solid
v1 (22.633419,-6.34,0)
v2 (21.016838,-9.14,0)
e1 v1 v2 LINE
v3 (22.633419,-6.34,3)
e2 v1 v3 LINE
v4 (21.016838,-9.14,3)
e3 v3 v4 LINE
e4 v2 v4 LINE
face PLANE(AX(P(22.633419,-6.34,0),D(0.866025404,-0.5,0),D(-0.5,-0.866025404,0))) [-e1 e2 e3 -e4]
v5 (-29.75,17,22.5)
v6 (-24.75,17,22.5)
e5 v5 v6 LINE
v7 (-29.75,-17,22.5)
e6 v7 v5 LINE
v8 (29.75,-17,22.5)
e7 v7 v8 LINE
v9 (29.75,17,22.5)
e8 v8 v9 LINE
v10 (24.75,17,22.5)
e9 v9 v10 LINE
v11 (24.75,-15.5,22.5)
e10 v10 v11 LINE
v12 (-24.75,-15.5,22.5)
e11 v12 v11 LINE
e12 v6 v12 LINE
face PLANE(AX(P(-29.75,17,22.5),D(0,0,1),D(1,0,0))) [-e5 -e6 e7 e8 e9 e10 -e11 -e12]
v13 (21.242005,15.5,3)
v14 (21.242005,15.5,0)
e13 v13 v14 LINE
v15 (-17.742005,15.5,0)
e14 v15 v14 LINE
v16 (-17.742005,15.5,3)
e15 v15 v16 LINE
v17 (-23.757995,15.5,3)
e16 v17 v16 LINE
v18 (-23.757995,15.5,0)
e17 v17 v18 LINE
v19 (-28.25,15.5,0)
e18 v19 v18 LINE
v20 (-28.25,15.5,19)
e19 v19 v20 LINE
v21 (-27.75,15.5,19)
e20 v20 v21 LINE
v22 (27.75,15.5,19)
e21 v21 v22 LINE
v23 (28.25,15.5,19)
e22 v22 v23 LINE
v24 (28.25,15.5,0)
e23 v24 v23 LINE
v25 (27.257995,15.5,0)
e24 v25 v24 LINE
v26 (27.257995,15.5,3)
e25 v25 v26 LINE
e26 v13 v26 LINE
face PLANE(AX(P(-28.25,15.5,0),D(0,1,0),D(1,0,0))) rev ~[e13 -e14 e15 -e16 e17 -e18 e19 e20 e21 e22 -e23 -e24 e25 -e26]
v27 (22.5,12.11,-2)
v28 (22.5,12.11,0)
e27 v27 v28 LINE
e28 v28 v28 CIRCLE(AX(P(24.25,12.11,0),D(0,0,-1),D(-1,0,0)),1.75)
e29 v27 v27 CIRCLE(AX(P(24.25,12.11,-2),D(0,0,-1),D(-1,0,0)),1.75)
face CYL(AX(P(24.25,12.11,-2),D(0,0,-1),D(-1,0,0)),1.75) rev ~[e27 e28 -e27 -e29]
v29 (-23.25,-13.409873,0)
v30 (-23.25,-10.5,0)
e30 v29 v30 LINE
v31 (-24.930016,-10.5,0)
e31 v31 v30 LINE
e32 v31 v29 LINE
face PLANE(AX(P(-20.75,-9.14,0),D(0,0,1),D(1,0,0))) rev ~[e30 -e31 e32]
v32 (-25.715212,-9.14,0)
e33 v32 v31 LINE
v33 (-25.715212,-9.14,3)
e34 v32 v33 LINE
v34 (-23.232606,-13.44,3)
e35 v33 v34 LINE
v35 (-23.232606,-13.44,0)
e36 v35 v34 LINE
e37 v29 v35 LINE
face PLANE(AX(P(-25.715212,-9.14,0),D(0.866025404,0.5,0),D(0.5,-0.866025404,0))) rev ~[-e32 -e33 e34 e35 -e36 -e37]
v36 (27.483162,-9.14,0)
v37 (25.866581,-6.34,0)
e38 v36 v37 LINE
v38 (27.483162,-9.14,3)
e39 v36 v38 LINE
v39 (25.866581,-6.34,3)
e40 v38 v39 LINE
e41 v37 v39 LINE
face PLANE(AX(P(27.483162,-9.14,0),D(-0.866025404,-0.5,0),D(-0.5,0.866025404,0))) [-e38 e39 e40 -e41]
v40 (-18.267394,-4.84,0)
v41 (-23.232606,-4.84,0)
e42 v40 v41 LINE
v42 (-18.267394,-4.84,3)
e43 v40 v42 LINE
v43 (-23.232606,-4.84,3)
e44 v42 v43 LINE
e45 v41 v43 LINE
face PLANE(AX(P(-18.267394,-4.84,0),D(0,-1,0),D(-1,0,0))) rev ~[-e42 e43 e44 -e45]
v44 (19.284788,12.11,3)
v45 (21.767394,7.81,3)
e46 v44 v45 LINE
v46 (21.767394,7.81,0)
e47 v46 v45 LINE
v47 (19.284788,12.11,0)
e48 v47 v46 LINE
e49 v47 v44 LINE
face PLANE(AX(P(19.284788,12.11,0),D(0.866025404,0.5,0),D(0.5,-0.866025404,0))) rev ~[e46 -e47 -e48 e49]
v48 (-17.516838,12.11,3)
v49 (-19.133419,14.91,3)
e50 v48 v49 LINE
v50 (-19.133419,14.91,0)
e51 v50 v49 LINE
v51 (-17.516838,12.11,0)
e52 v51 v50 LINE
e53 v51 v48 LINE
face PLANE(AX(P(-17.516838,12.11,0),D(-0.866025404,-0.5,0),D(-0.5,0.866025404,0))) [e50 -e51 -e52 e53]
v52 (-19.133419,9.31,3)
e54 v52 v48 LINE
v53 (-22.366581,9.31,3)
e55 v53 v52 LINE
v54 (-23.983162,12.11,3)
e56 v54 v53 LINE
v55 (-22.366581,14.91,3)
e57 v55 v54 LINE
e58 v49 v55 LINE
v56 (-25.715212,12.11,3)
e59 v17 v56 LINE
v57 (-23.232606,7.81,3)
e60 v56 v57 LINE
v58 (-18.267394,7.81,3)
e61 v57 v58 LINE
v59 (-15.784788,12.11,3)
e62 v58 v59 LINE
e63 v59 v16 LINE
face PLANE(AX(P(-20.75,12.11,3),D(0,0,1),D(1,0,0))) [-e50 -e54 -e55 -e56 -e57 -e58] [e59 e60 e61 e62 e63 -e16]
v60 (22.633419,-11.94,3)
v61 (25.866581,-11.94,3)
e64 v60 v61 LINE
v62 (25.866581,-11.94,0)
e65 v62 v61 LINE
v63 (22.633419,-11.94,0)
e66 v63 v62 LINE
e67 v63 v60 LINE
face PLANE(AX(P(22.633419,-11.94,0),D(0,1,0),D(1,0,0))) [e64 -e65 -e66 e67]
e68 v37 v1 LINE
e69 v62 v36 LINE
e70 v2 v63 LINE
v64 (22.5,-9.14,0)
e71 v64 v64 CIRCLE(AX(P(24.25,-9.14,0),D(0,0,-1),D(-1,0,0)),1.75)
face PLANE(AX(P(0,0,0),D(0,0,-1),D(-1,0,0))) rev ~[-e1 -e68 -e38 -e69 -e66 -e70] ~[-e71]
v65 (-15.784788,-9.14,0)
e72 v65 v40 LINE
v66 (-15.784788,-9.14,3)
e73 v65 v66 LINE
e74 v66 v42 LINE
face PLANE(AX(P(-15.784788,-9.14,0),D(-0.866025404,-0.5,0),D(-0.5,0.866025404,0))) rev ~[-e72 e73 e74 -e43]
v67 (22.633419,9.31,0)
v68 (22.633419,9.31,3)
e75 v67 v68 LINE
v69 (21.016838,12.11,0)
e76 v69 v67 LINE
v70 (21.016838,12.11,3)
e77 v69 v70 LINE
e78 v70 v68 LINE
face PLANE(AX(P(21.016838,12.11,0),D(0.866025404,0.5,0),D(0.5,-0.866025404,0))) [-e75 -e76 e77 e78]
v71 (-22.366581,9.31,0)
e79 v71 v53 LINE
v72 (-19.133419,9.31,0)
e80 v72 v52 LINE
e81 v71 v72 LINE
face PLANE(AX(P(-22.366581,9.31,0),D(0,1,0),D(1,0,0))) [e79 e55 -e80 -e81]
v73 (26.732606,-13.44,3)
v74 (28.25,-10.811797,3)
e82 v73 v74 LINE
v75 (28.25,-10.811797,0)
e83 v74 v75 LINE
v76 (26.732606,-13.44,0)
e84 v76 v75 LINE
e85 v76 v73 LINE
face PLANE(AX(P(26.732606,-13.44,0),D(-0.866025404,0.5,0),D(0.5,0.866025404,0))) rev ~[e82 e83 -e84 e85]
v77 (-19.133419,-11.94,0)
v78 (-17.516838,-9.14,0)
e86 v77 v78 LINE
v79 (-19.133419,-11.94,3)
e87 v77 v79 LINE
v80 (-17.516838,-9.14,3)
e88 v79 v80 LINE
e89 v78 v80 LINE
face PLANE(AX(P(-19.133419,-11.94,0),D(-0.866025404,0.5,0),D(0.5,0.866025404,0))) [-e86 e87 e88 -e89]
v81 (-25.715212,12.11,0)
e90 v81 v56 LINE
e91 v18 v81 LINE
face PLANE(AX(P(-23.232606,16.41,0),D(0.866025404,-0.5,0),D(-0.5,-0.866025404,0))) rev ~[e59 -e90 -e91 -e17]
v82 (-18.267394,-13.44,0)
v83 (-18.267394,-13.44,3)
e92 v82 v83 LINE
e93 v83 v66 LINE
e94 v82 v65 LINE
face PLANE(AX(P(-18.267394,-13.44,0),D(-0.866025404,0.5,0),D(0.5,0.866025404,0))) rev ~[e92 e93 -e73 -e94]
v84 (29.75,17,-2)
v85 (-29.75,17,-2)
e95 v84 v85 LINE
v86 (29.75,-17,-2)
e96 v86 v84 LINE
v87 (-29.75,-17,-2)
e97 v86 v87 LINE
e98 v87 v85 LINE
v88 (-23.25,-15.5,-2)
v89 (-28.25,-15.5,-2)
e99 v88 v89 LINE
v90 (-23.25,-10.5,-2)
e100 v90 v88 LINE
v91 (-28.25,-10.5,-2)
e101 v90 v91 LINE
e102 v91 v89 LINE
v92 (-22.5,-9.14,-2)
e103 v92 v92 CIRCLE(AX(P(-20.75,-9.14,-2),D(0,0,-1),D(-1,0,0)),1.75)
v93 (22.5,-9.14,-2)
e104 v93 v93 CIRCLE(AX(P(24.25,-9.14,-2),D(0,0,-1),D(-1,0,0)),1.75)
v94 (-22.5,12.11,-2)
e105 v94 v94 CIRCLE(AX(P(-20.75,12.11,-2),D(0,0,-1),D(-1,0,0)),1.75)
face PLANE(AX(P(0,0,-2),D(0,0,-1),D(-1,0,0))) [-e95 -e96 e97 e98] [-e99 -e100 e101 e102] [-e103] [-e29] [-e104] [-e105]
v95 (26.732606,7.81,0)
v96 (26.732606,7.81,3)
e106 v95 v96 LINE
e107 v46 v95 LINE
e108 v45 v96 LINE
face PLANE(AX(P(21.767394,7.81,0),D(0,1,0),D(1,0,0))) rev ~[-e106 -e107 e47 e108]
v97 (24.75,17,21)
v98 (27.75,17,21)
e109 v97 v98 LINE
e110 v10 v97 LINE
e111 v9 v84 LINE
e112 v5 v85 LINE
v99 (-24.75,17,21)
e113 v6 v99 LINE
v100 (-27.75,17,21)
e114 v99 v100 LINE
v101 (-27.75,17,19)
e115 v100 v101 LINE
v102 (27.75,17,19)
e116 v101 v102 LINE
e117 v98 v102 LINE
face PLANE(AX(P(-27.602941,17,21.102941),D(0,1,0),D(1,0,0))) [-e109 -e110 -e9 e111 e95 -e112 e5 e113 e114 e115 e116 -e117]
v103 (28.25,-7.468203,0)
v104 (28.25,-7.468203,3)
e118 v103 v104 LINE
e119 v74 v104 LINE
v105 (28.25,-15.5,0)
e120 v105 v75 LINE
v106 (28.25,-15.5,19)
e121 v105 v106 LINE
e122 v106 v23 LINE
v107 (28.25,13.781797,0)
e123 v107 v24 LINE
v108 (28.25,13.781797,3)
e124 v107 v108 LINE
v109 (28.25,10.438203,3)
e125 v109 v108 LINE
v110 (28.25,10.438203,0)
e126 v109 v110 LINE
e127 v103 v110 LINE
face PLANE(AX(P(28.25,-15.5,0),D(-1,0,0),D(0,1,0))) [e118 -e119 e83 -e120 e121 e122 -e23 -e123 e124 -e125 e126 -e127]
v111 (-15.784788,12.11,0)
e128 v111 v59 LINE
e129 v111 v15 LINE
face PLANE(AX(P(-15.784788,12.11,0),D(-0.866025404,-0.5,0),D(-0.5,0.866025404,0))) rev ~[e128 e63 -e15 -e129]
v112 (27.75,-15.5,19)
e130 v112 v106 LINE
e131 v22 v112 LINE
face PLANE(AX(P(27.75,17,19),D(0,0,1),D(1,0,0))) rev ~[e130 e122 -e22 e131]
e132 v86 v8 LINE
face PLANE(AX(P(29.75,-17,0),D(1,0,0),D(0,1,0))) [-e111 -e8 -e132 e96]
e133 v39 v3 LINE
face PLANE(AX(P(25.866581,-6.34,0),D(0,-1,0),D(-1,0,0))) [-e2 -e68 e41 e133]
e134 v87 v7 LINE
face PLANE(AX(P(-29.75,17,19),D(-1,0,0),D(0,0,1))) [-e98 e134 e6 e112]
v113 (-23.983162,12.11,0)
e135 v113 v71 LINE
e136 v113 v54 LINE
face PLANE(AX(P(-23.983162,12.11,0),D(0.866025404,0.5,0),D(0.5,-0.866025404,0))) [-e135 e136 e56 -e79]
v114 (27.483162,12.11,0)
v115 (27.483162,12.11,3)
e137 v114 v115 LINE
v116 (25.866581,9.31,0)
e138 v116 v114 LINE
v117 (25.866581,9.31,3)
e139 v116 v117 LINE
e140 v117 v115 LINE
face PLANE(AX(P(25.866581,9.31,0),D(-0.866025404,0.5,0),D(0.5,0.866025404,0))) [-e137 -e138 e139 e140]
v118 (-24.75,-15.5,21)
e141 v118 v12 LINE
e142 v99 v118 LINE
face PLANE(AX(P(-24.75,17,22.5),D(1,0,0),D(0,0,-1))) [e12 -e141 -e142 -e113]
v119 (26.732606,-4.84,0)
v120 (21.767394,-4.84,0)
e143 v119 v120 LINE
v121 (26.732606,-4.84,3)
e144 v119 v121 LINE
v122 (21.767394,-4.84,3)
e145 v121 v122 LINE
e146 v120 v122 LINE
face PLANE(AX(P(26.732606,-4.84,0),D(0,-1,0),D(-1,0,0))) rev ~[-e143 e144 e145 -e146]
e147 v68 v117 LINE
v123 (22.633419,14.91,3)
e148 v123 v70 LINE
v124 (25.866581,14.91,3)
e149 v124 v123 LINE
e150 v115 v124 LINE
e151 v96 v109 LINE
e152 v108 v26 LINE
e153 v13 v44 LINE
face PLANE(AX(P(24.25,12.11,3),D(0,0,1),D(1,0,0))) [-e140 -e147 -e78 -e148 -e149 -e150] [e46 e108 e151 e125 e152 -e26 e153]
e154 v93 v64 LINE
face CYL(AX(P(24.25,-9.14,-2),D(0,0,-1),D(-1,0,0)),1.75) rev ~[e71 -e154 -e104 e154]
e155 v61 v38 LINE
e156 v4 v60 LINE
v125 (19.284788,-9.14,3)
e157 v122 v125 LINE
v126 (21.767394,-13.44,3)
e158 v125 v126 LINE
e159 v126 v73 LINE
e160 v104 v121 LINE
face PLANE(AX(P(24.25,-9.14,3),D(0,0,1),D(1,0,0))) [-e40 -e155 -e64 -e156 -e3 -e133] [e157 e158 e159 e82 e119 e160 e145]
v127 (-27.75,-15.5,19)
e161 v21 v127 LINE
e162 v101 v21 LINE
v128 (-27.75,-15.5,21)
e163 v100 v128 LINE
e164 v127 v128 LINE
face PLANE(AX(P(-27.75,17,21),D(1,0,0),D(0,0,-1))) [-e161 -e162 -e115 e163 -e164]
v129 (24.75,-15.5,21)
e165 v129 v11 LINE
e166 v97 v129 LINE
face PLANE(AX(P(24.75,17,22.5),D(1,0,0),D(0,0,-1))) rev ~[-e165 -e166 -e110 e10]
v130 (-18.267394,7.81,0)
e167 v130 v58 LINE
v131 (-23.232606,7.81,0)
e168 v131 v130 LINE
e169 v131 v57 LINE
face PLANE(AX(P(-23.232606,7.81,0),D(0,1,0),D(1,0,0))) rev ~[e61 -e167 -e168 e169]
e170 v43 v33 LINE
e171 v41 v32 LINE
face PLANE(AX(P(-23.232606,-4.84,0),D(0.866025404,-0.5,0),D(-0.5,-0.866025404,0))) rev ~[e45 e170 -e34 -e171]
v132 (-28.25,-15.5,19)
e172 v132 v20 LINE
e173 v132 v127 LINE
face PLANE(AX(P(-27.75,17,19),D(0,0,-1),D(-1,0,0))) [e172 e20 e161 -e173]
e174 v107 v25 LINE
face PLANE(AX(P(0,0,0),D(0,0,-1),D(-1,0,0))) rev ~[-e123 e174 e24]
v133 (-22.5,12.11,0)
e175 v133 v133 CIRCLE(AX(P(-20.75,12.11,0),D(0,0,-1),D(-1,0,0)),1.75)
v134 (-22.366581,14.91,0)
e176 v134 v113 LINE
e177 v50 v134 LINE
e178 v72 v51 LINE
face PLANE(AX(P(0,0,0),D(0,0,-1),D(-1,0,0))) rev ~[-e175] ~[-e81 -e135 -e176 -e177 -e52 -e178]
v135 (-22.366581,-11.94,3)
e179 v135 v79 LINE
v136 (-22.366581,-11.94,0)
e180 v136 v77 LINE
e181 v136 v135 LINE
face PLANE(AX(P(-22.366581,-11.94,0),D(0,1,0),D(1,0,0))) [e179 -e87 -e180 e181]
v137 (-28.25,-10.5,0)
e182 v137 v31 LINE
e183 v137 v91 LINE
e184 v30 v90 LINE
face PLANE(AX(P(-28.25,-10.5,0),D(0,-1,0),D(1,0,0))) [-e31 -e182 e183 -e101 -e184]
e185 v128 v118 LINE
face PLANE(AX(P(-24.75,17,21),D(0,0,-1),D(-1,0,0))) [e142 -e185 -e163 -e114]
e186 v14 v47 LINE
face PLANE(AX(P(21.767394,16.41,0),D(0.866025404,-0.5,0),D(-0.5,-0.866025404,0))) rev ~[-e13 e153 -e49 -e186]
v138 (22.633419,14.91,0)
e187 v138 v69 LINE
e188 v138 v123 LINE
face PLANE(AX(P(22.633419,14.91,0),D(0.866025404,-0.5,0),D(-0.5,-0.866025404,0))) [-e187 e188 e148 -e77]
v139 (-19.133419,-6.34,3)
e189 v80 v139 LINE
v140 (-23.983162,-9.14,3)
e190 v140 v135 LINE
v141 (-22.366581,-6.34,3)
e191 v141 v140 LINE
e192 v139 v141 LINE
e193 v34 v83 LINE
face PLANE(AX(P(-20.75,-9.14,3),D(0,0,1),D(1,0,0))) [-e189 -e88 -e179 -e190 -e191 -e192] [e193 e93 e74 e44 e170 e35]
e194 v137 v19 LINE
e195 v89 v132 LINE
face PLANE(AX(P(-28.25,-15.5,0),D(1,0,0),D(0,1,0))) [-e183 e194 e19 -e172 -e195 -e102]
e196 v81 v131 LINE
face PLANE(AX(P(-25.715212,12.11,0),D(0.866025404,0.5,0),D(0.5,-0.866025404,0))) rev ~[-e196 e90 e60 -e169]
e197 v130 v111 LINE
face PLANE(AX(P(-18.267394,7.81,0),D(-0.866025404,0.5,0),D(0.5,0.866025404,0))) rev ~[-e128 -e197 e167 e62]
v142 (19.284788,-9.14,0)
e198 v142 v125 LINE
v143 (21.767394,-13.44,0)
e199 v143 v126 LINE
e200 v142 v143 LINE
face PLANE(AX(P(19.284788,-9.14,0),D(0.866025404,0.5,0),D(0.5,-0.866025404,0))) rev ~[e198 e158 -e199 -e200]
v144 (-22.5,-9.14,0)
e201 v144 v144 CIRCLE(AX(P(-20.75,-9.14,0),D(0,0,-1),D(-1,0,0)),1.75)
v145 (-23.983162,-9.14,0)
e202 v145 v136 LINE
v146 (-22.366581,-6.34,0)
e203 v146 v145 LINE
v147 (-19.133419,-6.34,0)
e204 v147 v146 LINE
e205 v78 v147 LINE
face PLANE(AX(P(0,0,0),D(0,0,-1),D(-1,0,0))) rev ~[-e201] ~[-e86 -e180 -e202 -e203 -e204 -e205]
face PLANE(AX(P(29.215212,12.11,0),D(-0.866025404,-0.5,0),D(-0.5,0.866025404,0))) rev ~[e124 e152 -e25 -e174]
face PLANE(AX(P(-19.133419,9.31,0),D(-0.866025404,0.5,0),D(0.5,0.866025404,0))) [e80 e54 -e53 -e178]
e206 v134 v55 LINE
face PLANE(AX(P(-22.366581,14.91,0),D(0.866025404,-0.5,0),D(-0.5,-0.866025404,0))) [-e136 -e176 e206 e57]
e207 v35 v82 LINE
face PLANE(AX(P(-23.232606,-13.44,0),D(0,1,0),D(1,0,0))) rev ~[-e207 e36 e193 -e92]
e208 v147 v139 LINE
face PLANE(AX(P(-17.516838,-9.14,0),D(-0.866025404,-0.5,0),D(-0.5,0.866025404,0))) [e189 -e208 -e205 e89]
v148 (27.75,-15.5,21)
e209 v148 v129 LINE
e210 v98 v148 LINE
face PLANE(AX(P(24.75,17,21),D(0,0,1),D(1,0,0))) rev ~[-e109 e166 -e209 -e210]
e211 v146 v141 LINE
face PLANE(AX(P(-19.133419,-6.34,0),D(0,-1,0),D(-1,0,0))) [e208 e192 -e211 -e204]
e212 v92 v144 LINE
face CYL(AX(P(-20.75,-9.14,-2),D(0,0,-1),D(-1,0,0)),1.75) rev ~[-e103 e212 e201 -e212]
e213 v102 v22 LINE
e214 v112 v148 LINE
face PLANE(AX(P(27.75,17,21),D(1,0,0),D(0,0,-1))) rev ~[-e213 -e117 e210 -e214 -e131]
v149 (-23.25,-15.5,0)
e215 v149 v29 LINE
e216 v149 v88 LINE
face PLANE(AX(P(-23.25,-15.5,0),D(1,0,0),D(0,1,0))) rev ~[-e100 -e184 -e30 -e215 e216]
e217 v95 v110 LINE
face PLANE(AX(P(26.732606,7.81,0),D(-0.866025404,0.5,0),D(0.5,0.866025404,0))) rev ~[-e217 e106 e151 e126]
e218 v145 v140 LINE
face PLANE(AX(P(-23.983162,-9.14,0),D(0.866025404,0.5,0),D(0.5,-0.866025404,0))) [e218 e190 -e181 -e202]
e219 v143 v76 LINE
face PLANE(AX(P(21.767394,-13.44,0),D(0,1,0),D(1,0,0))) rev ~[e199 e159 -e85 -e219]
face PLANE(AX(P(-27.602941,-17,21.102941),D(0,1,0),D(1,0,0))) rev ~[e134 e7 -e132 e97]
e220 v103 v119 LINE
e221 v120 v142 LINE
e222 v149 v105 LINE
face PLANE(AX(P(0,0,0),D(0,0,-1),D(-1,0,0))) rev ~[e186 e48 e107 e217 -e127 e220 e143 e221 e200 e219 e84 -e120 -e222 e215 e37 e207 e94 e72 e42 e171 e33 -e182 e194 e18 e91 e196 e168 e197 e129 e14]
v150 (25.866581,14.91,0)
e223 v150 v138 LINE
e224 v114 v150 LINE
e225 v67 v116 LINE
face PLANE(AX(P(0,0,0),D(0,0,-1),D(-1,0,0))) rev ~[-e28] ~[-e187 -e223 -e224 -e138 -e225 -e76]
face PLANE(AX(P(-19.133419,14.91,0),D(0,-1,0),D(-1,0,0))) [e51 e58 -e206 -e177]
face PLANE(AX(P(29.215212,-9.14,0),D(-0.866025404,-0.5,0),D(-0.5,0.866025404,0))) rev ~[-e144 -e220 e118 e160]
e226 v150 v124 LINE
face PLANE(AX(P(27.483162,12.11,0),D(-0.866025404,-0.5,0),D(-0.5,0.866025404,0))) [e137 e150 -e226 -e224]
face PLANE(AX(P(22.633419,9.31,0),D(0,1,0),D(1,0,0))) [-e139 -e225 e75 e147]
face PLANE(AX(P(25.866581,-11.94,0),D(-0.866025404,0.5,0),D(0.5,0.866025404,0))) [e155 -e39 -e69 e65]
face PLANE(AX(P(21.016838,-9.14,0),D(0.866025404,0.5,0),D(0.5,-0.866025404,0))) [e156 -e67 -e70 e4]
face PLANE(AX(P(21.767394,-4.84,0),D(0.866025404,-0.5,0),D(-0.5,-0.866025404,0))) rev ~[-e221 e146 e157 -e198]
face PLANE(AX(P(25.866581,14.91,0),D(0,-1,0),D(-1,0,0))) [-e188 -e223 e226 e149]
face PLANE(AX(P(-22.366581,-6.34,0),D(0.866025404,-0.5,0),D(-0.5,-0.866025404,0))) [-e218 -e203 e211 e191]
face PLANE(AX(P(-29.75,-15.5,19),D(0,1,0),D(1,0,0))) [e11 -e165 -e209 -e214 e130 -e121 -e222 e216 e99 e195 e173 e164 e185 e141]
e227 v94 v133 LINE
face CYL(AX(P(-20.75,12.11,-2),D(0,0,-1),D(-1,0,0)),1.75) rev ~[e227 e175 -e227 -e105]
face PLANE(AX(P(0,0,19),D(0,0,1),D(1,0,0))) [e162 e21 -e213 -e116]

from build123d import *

# Parameters (mm, degrees)
CROQUIS1_W              = 59.5
CROQUIS1_H              = 34
CROQUIS1_W_2            = 56.5
CROQUIS1_H_2            = 31
EXTRUIR_L_MINA1_DEPTH   = 19
CROQUIS2_W              = 59.5
CROQUIS2_H              = 34
SALIENTE_EXTRUIR1_DEPTH = 2
SALIENTE_EXTRUIR3_DEPTH = 34
CROQUIS5_W              = 59.5
CROQUIS5_H              = 1.5
SALIENTE_EXTRUIR4_DEPTH = 3.5
CROQUIS6_W              = 5
CROQUIS6_H              = 5
CORTAR_EXTRUIR1_DEPTH   = 3.5
CROQUIS7_R              = 1.75
CORTAR_EXTRUIR2_DEPTH   = 3.5
EXTRUIR_L_MINA2_DEPTH   = 3


with BuildPart() as part:
    # Croquis1 → Extruir-Lámina1 (new body)
    with BuildSketch(Plane.XY):
        Rectangle(CROQUIS1_W, CROQUIS1_H)
        Rectangle(CROQUIS1_W_2, CROQUIS1_H_2, mode=Mode.SUBTRACT)
    extrude(amount=EXTRUIR_L_MINA1_DEPTH)

    # Croquis2 → Saliente-Extruir1 (add)
    with BuildSketch(Plane(origin=(0, 0, 0), x_dir=(-1, 0, 0), z_dir=(0, 0, -1))):
        Rectangle(CROQUIS2_W, CROQUIS2_H)
    extrude(amount=SALIENTE_EXTRUIR1_DEPTH)

    # Croquis4 → Saliente-Extruir3 (add)
    with BuildSketch(Plane(origin=(0, 17, 0), x_dir=(1, 0, 0), z_dir=(0, 1, 0))):
        Polygon((-29.75, -19), (-29.75, -22.5), (-24.75, -22.5), (-24.75, -21), (-27.75, -21), (-27.75, -19), align=None)
        Polygon((27.75, -21), (27.75, -19), (29.75, -19), (29.75, -22.5), (24.75, -22.5), (24.75, -21), align=None)
    extrude(amount=-SALIENTE_EXTRUIR3_DEPTH)

    # Croquis5 → Saliente-Extruir4 (add)
    with BuildSketch(Plane.XY.offset(19)):
        with Locations((0, -16.25)):
            Rectangle(CROQUIS5_W, CROQUIS5_H)
    extrude(amount=SALIENTE_EXTRUIR4_DEPTH)

    # Croquis6 → Cortar-Extruir1 (cut)
    with BuildSketch(Plane.XY):
        with Locations((-25.75, -13)):
            Rectangle(CROQUIS6_W, CROQUIS6_H)
    extrude(amount=-CORTAR_EXTRUIR1_DEPTH, mode=Mode.SUBTRACT)

    # Croquis7 → Cortar-Extruir2 (cut)
    with BuildSketch(Plane(origin=(0, 0, -2), x_dir=(-1, 0, 0), z_dir=(0, 0, -1))):
        with Locations((20.75, 12.11)):
            Circle(CROQUIS7_R)
        with Locations((20.75, -9.14)):
            Circle(CROQUIS7_R)
        with Locations((-24.25, -9.14)):
            Circle(CROQUIS7_R)
        with Locations((-24.25, 12.11)):
            Circle(CROQUIS7_R)
    extrude(amount=-CORTAR_EXTRUIR2_DEPTH, mode=Mode.SUBTRACT)

    # Croquis8 → Extruir-Lámina2 (add)
    with BuildSketch(Plane.XY):
        Polygon((-15.784787685, 12.11), (-18.267393842, 16.41), (-23.232606158, 16.41), (-25.715212315, 12.11), (-23.232606158, 7.81), (-18.267393842, 7.81), align=None)
        Polygon((-17.516838493, 12.11), (-19.133419246, 14.91), (-22.366580754, 14.91), (-23.983161507, 12.11), (-22.366580754, 9.31), (-19.133419246, 9.31), align=None, mode=Mode.SUBTRACT)
        Polygon((29.215212315, 12.11), (26.732606158, 16.41), (21.767393842, 16.41), (19.284787685, 12.11), (21.767393842, 7.81), (26.732606158, 7.81), align=None)
        Polygon((27.483161507, 12.11), (25.866580754, 14.91), (22.633419246, 14.91), (21.016838493, 12.11), (22.633419246, 9.31), (25.866580754, 9.31), align=None, mode=Mode.SUBTRACT)
        Polygon((-15.784787685, -9.14), (-18.267393842, -4.84), (-23.232606158, -4.84), (-25.715212315, -9.14), (-23.232606158, -13.44), (-18.267393842, -13.44), align=None)
        Polygon((-17.516838493, -9.14), (-19.133419246, -6.34), (-22.366580754, -6.34), (-23.983161507, -9.14), (-22.366580754, -11.94), (-19.133419246, -11.94), align=None, mode=Mode.SUBTRACT)
        Polygon((29.215212315, -9.14), (26.732606158, -4.84), (21.767393842, -4.84), (19.284787685, -9.14), (21.767393842, -13.44), (26.732606158, -13.44), align=None)
        Polygon((27.483161507, -9.14), (25.866580754, -6.34), (22.633419246, -6.34), (21.016838493, -9.14), (22.633419246, -11.94), (25.866580754, -11.94), align=None, mode=Mode.SUBTRACT)
    extrude(amount=EXTRUIR_L_MINA2_DEPTH)


solid = part.part
